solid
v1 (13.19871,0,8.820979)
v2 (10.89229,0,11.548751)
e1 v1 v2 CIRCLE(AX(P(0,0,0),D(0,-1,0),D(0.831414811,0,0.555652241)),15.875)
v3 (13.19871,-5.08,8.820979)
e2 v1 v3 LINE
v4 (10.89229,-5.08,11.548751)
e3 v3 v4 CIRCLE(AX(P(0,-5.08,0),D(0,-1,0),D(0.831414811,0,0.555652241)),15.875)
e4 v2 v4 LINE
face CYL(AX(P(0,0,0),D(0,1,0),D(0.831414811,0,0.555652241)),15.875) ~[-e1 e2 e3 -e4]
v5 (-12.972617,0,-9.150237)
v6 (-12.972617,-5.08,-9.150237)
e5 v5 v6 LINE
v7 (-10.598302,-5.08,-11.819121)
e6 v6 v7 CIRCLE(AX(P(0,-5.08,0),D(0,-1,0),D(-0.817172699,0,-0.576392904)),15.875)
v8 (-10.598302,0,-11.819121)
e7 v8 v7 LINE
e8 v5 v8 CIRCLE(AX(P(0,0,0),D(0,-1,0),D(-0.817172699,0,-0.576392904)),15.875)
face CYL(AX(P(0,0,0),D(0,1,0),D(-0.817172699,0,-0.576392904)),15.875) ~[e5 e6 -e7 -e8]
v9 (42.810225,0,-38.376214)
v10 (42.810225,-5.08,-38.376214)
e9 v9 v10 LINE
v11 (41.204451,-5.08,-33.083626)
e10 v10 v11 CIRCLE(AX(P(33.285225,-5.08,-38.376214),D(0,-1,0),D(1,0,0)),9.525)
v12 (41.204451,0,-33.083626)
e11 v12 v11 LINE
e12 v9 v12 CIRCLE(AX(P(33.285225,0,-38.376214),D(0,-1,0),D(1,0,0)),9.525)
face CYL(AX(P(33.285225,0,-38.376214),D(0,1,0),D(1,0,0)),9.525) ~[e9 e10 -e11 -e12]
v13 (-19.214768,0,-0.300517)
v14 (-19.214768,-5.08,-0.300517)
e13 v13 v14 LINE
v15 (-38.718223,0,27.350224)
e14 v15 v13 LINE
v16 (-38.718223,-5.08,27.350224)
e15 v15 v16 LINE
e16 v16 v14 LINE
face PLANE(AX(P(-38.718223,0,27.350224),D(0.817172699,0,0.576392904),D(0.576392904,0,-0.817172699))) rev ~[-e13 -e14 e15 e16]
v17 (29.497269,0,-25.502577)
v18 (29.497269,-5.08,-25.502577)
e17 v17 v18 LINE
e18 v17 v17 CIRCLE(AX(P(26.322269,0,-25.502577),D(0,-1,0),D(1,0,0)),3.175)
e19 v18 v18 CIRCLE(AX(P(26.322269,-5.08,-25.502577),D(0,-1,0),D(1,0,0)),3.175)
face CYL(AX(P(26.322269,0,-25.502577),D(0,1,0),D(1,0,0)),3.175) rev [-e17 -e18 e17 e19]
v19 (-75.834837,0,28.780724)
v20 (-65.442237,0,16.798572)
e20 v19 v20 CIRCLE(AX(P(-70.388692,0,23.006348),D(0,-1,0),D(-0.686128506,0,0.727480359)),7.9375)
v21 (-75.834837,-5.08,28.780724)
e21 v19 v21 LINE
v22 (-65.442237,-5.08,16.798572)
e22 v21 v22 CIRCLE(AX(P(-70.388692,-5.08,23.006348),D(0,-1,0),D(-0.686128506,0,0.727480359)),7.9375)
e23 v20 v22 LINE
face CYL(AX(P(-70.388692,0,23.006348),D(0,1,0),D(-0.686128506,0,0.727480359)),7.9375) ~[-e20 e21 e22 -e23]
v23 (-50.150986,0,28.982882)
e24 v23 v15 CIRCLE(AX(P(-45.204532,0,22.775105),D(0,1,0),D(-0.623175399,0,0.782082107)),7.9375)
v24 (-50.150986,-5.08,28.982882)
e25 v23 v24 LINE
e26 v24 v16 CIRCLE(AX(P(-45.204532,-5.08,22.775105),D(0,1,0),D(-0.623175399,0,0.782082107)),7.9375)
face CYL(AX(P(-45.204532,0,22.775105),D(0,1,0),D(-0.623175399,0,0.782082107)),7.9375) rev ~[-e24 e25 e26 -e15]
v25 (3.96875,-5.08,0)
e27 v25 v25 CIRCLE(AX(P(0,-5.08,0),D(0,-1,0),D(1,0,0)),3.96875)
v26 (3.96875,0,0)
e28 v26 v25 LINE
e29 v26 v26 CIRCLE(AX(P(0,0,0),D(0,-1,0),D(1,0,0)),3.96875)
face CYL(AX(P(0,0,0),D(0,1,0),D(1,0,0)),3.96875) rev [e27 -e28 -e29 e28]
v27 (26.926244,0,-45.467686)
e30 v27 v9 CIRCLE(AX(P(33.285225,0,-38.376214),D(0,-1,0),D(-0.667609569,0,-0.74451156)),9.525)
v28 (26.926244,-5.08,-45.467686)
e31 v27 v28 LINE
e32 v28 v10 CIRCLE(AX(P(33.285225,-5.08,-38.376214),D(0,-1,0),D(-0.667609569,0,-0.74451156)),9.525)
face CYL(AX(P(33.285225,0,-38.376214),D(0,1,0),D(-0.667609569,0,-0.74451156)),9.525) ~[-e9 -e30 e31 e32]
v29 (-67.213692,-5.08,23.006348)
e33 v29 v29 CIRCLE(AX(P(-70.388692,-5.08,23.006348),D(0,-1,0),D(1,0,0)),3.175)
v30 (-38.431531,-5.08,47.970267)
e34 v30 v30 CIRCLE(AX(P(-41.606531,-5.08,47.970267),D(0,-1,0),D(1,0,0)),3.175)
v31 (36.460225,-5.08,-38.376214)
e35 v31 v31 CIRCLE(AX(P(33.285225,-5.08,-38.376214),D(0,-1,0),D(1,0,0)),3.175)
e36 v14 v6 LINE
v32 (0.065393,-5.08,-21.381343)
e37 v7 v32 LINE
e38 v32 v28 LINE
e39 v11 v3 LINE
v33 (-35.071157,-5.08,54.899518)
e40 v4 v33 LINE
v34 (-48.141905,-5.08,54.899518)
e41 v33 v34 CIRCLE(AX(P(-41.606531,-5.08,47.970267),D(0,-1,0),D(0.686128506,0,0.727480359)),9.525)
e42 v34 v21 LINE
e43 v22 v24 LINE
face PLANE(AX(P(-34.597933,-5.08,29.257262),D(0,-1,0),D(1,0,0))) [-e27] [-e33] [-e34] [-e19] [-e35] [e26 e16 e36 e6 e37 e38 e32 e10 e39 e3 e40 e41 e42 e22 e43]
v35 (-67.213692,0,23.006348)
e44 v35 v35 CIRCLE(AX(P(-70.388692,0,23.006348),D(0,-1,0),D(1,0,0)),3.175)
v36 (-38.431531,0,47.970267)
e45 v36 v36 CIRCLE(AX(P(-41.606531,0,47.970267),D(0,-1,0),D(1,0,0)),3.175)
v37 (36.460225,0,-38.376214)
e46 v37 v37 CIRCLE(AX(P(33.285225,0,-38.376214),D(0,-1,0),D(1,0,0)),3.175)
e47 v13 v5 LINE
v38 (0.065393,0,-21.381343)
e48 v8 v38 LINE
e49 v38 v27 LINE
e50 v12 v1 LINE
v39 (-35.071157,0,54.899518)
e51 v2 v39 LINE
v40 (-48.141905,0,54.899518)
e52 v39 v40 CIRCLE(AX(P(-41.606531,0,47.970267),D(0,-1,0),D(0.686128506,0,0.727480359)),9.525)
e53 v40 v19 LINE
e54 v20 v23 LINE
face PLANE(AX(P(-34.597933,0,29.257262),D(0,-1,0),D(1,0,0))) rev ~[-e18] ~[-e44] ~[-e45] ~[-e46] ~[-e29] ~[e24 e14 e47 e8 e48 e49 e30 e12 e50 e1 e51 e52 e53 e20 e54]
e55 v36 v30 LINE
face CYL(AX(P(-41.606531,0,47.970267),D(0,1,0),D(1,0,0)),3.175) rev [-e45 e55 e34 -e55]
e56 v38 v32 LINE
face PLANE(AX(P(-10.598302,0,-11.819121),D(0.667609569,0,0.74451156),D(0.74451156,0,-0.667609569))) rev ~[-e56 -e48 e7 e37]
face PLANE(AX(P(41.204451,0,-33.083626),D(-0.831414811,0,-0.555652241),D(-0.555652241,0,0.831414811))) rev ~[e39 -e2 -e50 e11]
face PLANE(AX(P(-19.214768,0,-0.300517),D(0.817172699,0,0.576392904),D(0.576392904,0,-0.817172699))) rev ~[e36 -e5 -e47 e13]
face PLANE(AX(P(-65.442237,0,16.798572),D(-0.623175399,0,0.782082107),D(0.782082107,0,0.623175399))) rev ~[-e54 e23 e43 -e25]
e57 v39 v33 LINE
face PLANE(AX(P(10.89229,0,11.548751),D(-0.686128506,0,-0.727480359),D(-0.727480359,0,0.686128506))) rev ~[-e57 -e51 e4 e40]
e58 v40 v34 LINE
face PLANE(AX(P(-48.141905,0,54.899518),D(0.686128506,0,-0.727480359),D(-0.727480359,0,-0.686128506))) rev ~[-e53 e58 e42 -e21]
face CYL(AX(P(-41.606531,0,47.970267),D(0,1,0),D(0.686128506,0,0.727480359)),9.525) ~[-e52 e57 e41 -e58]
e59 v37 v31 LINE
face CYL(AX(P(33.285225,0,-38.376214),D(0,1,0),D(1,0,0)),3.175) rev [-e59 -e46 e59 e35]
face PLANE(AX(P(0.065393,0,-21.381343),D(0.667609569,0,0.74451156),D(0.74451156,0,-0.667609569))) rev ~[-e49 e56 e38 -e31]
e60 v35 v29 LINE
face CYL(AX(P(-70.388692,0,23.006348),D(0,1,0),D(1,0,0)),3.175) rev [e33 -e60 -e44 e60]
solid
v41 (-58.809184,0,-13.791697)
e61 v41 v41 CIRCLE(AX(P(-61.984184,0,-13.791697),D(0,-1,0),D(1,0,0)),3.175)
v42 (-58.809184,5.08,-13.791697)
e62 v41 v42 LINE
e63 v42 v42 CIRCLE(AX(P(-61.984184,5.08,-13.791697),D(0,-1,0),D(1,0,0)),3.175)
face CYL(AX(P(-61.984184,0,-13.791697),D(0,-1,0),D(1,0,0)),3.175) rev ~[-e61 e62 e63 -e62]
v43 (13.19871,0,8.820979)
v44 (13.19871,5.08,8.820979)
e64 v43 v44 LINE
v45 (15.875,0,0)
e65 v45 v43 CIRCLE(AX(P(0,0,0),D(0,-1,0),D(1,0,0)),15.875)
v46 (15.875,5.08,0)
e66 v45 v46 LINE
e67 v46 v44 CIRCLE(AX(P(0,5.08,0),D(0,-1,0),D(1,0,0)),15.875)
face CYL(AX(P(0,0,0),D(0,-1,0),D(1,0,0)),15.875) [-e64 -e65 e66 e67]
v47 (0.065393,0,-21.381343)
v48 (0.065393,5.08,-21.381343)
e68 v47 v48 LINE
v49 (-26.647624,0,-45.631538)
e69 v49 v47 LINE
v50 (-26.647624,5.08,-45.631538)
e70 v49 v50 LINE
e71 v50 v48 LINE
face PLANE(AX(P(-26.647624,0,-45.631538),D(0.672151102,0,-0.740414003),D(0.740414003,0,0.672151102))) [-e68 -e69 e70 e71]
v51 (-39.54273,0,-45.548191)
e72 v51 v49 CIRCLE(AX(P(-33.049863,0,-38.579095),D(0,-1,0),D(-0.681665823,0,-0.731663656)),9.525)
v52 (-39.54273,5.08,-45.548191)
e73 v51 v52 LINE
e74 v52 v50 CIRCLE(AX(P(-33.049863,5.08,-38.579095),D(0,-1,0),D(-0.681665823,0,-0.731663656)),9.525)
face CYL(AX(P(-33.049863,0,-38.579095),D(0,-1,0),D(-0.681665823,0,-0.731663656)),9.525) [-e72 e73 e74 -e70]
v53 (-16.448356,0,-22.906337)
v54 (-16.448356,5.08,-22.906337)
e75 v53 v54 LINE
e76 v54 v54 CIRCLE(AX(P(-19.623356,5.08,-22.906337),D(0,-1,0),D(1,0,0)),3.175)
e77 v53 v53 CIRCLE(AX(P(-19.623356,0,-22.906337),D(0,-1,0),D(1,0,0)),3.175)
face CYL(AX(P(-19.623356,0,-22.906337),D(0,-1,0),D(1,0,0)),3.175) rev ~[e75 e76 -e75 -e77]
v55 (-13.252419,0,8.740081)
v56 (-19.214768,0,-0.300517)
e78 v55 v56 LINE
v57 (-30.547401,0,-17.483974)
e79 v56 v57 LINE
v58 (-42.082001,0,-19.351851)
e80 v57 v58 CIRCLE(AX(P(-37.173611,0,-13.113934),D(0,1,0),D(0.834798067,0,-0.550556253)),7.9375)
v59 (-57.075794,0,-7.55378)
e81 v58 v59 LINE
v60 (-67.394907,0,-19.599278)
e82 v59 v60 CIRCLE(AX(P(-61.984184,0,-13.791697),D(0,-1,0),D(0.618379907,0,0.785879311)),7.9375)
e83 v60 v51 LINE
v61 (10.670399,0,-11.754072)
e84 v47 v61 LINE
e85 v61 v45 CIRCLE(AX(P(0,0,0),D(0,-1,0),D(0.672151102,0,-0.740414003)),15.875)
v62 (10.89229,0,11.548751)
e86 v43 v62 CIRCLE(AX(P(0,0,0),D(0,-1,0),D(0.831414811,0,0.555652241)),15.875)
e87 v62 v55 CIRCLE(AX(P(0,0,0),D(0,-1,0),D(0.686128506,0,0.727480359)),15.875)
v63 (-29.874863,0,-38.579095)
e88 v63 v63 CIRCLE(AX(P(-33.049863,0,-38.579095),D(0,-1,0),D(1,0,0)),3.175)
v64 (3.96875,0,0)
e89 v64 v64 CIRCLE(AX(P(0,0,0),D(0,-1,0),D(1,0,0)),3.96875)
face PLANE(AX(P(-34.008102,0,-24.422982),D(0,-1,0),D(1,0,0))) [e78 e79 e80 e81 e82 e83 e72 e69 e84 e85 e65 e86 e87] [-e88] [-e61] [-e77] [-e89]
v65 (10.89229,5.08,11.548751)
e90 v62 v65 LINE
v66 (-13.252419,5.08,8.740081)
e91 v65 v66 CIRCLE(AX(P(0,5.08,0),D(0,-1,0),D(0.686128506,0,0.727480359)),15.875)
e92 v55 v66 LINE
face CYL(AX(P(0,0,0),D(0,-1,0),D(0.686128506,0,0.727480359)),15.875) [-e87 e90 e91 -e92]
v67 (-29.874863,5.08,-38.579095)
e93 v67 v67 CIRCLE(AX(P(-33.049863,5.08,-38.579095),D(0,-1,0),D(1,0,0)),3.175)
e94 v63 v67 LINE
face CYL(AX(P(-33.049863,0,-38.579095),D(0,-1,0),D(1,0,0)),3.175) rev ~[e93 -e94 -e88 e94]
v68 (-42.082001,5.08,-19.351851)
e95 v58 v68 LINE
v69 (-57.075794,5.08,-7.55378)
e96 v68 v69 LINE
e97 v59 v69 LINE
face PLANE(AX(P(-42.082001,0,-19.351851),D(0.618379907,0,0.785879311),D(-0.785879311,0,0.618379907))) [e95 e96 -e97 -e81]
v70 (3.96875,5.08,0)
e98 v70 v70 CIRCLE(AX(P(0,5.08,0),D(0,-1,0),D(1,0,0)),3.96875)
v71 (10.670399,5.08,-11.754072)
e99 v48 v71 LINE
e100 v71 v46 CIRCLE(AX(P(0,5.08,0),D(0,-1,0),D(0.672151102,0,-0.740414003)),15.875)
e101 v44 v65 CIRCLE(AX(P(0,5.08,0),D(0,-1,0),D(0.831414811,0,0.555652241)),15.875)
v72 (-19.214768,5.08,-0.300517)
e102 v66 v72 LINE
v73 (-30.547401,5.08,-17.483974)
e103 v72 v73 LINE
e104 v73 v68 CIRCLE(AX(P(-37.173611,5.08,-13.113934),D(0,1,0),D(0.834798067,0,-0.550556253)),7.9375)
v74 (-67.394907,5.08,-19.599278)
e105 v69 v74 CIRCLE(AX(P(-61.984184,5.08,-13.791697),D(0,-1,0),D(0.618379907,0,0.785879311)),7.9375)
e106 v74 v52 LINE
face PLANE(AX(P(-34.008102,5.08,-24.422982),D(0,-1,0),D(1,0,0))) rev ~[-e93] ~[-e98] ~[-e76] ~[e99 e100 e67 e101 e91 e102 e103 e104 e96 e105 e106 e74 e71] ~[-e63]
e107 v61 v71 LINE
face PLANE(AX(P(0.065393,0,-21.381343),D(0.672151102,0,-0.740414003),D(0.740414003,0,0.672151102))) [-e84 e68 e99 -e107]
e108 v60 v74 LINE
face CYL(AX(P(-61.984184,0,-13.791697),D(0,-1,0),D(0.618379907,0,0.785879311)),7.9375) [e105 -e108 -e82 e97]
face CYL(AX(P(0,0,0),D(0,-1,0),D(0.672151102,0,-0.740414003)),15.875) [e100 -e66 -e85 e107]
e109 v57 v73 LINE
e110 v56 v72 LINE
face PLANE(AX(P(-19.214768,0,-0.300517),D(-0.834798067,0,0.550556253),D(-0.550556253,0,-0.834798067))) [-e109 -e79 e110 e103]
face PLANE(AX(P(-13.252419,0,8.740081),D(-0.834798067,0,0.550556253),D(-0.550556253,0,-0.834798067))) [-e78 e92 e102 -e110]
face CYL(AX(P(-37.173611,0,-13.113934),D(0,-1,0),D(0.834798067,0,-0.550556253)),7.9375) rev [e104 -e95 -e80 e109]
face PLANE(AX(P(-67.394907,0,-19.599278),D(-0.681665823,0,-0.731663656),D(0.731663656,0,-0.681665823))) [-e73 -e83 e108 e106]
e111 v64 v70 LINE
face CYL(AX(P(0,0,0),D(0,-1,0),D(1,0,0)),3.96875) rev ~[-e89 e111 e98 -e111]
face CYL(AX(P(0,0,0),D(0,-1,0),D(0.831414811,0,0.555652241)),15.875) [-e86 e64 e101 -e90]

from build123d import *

# Parameters (mm, degrees)
F0_R     = 3.96875
F0_R_2   = 3.175
F1_DEPTH = 5.08
F2_DEPTH = 5.08


with BuildPart() as f1:
    # F0 (on Front) → F1 (new body)
    with BuildSketch(Plane.XZ):
        with BuildLine():
            ThreePointArc((-13.2524193062, 8.7400805221), (-1.834314477, 15.7686687897), (10.8922900307, 11.5487507067))
            Line((10.8922900307, 11.5487507067), (-35.0711574392, 54.8995176744))
            ThreePointArc((-35.0711574392, 54.8995176744), (-32.8608164346, 51.7436071154), (-32.0815314576, 47.9702672503))
            ThreePointArc((-32.0815314576, 47.9702672503), (-45.3798713227, 39.2245522274), (-48.1419054761, 54.8995176744))
            Line((-48.1419054761, 54.8995176744), (-75.8348368232, 28.7807237291))
            ThreePointArc((-75.8348368232, 28.7807237291), (-67.2442419203, 30.2944442282), (-62.4511918078, 23.0063483758))
            ThreePointArc((-62.4511918078, 23.0063483758), (-63.237943921, 19.5609585706), (-65.4422370763, 16.798571653))
            Line((-65.4422370763, 16.798571653), (-50.1509863937, 28.9828821829))
            ThreePointArc((-50.1509863937, 28.9828821829), (-44.0823996147, 30.6328866939), (-38.7182233604, 27.3502241323))
            Line((-38.7182233604, 27.3502241323), (-19.2147683858, -0.3005169703))
            Line((-19.2147683858, -0.3005169703), (-13.2524193062, 8.7400805221))
        make_face()
        with BuildLine():
            ThreePointArc((15.875, 0), (15.1912005478, 4.609018433), (13.1987101208, 8.820979319))
            ThreePointArc((13.1987101208, 8.820979319), (12.1224690662, 10.2499448164), (10.8922900307, 11.5487507067))
            ThreePointArc((10.8922900307, 11.5487507067), (-1.834314477, 15.7686687897), (-13.2524193062, 8.7400805221))
            ThreePointArc((-13.2524193062, 8.7400805221), (-15.8730587934, -0.2482529814), (-12.9726166036, -9.1502373442))
            ThreePointArc((-12.9726166036, -9.1502373442), (-11.8607666217, -10.5516747555), (-10.5983019047, -11.8191210221))
            ThreePointArc((-10.5983019047, -11.8191210221), (0.0485522706, -15.8749257534), (10.6703987497, -11.7540722953))
            ThreePointArc((10.6703987497, -11.7540722953), (14.5156502636, -6.4274040191), (15.875, 0))
        make_face()
        Circle(F0_R, mode=Mode.SUBTRACT)
        with BuildLine():
            ThreePointArc((-12.9726166036, -9.1502373442), (-15.8730587934, -0.2482529814), (-13.2524193062, 8.7400805221))
            Line((-13.2524193062, 8.7400805221), (-19.2147683858, -0.3005169703))
            Line((-19.2147683858, -0.3005169703), (-12.9726166036, -9.1502373442))
        make_face()
        with BuildLine():
            Line((-10.5983019047, -11.8191210221), (0.0653932355, -21.3813431455))
            Line((0.0653932355, -21.3813431455), (10.6703987497, -11.7540722953))
            ThreePointArc((10.6703987497, -11.7540722953), (0.0485522706, -15.8749257534), (-10.5983019047, -11.8191210221))
        make_face()
        with BuildLine():
            ThreePointArc((26.9262440233, -45.4676864135), (27.0442454474, -31.1806737127), (41.2044512386, -33.0836262089))
            Line((41.2044512386, -33.0836262089), (13.1987101208, 8.820979319))
            ThreePointArc((13.1987101208, 8.820979319), (15.1912005478, 4.609018433), (15.875, 0))
            ThreePointArc((15.875, 0), (14.5156502636, -6.4274040191), (10.6703987497, -11.7540722953))
            Line((10.6703987497, -11.7540722953), (0.0653932355, -21.3813431455))
            Line((0.0653932355, -21.3813431455), (26.9262440233, -45.4676864135))
        make_face()
        with Locations((26.3222689506, -25.5025770961)):
            Circle(F0_R_2, mode=Mode.SUBTRACT)
        with BuildLine():
            ThreePointArc((26.9262440233, -45.4676864135), (37.1682864336, -47.0737686401), (42.8102251661, -38.3762138003))
            ThreePointArc((42.8102251661, -38.3762138003), (42.3999454948, -35.6108027404), (41.2044512386, -33.0836262089))
            ThreePointArc((41.2044512386, -33.0836262089), (27.0442454474, -31.1806737127), (26.9262440233, -45.4676864135))
        make_face()
        with Locations((33.2852251661, -38.3762138003)):
            Circle(F0_R_2, mode=Mode.SUBTRACT)
        with BuildLine():
            ThreePointArc((-62.4511918078, 23.0063483758), (-67.2442419203, 30.2944442282), (-75.8348368232, 28.7807237291))
            ThreePointArc((-75.8348368232, 28.7807237291), (-76.3849752141, 17.8055319436), (-65.4422370763, 16.798571653))
            ThreePointArc((-65.4422370763, 16.798571653), (-63.237943921, 19.5609585706), (-62.4511918078, 23.0063483758))
        make_face()
        with Locations((-70.3886918078, 23.0063483758)):
            Circle(F0_R_2, mode=Mode.SUBTRACT)
        with BuildLine():
            ThreePointArc((-32.0815314576, 47.9702672503), (-32.8608164346, 51.7436071154), (-35.0711574392, 54.8995176744))
            ThreePointArc((-35.0711574392, 54.8995176744), (-41.6065314576, 57.4952672503), (-48.1419054761, 54.8995176744))
            ThreePointArc((-48.1419054761, 54.8995176744), (-45.3798713227, 39.2245522274), (-32.0815314576, 47.9702672503))
        make_face()
        with Locations((-41.6065314576, 47.9702672503)):
            Circle(F0_R_2, mode=Mode.SUBTRACT)
    extrude(amount=F1_DEPTH)


with BuildPart() as f2:
    # F0 (on Front) → F2 (new body)
    with BuildSketch(Plane.XZ):
        with BuildLine():
            Line((-26.647623873, -45.6315380732), (0.0653932355, -21.3813431455))
            Line((0.0653932355, -21.3813431455), (-10.5983019047, -11.8191210221))
            ThreePointArc((-10.5983019047, -11.8191210221), (-11.8607666217, -10.5516747555), (-12.9726166036, -9.1502373442))
            Line((-12.9726166036, -9.1502373442), (-19.2147683858, -0.3005169703))
            Line((-19.2147683858, -0.3005169703), (-30.5474012326, -17.4839744853))
            ThreePointArc((-30.5474012326, -17.4839744853), (-35.9047663103, -20.9493627188), (-42.0820013957, -19.3518512525))
            Line((-42.0820013957, -19.3518512525), (-57.0757936348, -7.5537803256))
            ThreePointArc((-57.0757936348, -7.5537803256), (-54.8440071189, -10.3244537385), (-54.0466841448, -13.7916973539))
            ThreePointArc((-54.0466841448, -13.7916973539), (-58.817458973, -21.070142101), (-67.394906617, -19.5992776228))
            Line((-67.394906617, -19.5992776228), (-39.5427300894, -45.5481910186))
            ThreePointArc((-39.5427300894, -45.5481910186), (-36.849933329, -29.8449609995), (-23.5248631228, -38.579094696))
            ThreePointArc((-23.5248631228, -38.579094696), (-24.3404729646, -42.4355371074), (-26.647623873, -45.6315380732))
        make_face()
        with Locations((-19.6233562292, -22.9063374758)):
            Circle(F0_R_2, mode=Mode.SUBTRACT)
        with BuildLine():
            ThreePointArc((15.875, 0), (15.1912005478, 4.609018433), (13.1987101208, 8.820979319))
            ThreePointArc((13.1987101208, 8.820979319), (12.1224690662, 10.2499448164), (10.8922900307, 11.5487507067))
            ThreePointArc((10.8922900307, 11.5487507067), (-1.834314477, 15.7686687897), (-13.2524193062, 8.7400805221))
            ThreePointArc((-13.2524193062, 8.7400805221), (-15.8730587934, -0.2482529814), (-12.9726166036, -9.1502373442))
            ThreePointArc((-12.9726166036, -9.1502373442), (-11.8607666217, -10.5516747555), (-10.5983019047, -11.8191210221))
            ThreePointArc((-10.5983019047, -11.8191210221), (0.0485522706, -15.8749257534), (10.6703987497, -11.7540722953))
            ThreePointArc((10.6703987497, -11.7540722953), (14.5156502636, -6.4274040191), (15.875, 0))
        make_face()
        Circle(F0_R, mode=Mode.SUBTRACT)
        with BuildLine():
            ThreePointArc((-39.5427300894, -45.5481910186), (-33.1114263313, -48.1038957423), (-26.647623873, -45.6315380732))
            ThreePointArc((-26.647623873, -45.6315380732), (-24.3404729646, -42.4355371074), (-23.5248631228, -38.579094696))
            ThreePointArc((-23.5248631228, -38.579094696), (-36.849933329, -29.8449609995), (-39.5427300894, -45.5481910186))
        make_face()
        with Locations((-33.0498631228, -38.579094696)):
            Circle(F0_R_2, mode=Mode.SUBTRACT)
        with BuildLine():
            ThreePointArc((-57.0757936348, -7.5537803256), (-68.0121676911, -8.627656241), (-67.394906617, -19.5992776228))
            ThreePointArc((-67.394906617, -19.5992776228), (-58.817458973, -21.070142101), (-54.0466841448, -13.7916973539))
            ThreePointArc((-54.0466841448, -13.7916973539), (-54.8440071189, -10.3244537385), (-57.0757936348, -7.5537803256))
        make_face()
        with Locations((-61.9841841448, -13.7916973539)):
            Circle(F0_R_2, mode=Mode.SUBTRACT)
        with BuildLine():
            Line((-10.5983019047, -11.8191210221), (0.0653932355, -21.3813431455))
            Line((0.0653932355, -21.3813431455), (10.6703987497, -11.7540722953))
            ThreePointArc((10.6703987497, -11.7540722953), (0.0485522706, -15.8749257534), (-10.5983019047, -11.8191210221))
        make_face()
        with BuildLine():
            ThreePointArc((-12.9726166036, -9.1502373442), (-15.8730587934, -0.2482529814), (-13.2524193062, 8.7400805221))
            Line((-13.2524193062, 8.7400805221), (-19.2147683858, -0.3005169703))
            Line((-19.2147683858, -0.3005169703), (-12.9726166036, -9.1502373442))
        make_face()
    extrude(amount=-F2_DEPTH)


solid = Compound([f1.part, f2.part])
